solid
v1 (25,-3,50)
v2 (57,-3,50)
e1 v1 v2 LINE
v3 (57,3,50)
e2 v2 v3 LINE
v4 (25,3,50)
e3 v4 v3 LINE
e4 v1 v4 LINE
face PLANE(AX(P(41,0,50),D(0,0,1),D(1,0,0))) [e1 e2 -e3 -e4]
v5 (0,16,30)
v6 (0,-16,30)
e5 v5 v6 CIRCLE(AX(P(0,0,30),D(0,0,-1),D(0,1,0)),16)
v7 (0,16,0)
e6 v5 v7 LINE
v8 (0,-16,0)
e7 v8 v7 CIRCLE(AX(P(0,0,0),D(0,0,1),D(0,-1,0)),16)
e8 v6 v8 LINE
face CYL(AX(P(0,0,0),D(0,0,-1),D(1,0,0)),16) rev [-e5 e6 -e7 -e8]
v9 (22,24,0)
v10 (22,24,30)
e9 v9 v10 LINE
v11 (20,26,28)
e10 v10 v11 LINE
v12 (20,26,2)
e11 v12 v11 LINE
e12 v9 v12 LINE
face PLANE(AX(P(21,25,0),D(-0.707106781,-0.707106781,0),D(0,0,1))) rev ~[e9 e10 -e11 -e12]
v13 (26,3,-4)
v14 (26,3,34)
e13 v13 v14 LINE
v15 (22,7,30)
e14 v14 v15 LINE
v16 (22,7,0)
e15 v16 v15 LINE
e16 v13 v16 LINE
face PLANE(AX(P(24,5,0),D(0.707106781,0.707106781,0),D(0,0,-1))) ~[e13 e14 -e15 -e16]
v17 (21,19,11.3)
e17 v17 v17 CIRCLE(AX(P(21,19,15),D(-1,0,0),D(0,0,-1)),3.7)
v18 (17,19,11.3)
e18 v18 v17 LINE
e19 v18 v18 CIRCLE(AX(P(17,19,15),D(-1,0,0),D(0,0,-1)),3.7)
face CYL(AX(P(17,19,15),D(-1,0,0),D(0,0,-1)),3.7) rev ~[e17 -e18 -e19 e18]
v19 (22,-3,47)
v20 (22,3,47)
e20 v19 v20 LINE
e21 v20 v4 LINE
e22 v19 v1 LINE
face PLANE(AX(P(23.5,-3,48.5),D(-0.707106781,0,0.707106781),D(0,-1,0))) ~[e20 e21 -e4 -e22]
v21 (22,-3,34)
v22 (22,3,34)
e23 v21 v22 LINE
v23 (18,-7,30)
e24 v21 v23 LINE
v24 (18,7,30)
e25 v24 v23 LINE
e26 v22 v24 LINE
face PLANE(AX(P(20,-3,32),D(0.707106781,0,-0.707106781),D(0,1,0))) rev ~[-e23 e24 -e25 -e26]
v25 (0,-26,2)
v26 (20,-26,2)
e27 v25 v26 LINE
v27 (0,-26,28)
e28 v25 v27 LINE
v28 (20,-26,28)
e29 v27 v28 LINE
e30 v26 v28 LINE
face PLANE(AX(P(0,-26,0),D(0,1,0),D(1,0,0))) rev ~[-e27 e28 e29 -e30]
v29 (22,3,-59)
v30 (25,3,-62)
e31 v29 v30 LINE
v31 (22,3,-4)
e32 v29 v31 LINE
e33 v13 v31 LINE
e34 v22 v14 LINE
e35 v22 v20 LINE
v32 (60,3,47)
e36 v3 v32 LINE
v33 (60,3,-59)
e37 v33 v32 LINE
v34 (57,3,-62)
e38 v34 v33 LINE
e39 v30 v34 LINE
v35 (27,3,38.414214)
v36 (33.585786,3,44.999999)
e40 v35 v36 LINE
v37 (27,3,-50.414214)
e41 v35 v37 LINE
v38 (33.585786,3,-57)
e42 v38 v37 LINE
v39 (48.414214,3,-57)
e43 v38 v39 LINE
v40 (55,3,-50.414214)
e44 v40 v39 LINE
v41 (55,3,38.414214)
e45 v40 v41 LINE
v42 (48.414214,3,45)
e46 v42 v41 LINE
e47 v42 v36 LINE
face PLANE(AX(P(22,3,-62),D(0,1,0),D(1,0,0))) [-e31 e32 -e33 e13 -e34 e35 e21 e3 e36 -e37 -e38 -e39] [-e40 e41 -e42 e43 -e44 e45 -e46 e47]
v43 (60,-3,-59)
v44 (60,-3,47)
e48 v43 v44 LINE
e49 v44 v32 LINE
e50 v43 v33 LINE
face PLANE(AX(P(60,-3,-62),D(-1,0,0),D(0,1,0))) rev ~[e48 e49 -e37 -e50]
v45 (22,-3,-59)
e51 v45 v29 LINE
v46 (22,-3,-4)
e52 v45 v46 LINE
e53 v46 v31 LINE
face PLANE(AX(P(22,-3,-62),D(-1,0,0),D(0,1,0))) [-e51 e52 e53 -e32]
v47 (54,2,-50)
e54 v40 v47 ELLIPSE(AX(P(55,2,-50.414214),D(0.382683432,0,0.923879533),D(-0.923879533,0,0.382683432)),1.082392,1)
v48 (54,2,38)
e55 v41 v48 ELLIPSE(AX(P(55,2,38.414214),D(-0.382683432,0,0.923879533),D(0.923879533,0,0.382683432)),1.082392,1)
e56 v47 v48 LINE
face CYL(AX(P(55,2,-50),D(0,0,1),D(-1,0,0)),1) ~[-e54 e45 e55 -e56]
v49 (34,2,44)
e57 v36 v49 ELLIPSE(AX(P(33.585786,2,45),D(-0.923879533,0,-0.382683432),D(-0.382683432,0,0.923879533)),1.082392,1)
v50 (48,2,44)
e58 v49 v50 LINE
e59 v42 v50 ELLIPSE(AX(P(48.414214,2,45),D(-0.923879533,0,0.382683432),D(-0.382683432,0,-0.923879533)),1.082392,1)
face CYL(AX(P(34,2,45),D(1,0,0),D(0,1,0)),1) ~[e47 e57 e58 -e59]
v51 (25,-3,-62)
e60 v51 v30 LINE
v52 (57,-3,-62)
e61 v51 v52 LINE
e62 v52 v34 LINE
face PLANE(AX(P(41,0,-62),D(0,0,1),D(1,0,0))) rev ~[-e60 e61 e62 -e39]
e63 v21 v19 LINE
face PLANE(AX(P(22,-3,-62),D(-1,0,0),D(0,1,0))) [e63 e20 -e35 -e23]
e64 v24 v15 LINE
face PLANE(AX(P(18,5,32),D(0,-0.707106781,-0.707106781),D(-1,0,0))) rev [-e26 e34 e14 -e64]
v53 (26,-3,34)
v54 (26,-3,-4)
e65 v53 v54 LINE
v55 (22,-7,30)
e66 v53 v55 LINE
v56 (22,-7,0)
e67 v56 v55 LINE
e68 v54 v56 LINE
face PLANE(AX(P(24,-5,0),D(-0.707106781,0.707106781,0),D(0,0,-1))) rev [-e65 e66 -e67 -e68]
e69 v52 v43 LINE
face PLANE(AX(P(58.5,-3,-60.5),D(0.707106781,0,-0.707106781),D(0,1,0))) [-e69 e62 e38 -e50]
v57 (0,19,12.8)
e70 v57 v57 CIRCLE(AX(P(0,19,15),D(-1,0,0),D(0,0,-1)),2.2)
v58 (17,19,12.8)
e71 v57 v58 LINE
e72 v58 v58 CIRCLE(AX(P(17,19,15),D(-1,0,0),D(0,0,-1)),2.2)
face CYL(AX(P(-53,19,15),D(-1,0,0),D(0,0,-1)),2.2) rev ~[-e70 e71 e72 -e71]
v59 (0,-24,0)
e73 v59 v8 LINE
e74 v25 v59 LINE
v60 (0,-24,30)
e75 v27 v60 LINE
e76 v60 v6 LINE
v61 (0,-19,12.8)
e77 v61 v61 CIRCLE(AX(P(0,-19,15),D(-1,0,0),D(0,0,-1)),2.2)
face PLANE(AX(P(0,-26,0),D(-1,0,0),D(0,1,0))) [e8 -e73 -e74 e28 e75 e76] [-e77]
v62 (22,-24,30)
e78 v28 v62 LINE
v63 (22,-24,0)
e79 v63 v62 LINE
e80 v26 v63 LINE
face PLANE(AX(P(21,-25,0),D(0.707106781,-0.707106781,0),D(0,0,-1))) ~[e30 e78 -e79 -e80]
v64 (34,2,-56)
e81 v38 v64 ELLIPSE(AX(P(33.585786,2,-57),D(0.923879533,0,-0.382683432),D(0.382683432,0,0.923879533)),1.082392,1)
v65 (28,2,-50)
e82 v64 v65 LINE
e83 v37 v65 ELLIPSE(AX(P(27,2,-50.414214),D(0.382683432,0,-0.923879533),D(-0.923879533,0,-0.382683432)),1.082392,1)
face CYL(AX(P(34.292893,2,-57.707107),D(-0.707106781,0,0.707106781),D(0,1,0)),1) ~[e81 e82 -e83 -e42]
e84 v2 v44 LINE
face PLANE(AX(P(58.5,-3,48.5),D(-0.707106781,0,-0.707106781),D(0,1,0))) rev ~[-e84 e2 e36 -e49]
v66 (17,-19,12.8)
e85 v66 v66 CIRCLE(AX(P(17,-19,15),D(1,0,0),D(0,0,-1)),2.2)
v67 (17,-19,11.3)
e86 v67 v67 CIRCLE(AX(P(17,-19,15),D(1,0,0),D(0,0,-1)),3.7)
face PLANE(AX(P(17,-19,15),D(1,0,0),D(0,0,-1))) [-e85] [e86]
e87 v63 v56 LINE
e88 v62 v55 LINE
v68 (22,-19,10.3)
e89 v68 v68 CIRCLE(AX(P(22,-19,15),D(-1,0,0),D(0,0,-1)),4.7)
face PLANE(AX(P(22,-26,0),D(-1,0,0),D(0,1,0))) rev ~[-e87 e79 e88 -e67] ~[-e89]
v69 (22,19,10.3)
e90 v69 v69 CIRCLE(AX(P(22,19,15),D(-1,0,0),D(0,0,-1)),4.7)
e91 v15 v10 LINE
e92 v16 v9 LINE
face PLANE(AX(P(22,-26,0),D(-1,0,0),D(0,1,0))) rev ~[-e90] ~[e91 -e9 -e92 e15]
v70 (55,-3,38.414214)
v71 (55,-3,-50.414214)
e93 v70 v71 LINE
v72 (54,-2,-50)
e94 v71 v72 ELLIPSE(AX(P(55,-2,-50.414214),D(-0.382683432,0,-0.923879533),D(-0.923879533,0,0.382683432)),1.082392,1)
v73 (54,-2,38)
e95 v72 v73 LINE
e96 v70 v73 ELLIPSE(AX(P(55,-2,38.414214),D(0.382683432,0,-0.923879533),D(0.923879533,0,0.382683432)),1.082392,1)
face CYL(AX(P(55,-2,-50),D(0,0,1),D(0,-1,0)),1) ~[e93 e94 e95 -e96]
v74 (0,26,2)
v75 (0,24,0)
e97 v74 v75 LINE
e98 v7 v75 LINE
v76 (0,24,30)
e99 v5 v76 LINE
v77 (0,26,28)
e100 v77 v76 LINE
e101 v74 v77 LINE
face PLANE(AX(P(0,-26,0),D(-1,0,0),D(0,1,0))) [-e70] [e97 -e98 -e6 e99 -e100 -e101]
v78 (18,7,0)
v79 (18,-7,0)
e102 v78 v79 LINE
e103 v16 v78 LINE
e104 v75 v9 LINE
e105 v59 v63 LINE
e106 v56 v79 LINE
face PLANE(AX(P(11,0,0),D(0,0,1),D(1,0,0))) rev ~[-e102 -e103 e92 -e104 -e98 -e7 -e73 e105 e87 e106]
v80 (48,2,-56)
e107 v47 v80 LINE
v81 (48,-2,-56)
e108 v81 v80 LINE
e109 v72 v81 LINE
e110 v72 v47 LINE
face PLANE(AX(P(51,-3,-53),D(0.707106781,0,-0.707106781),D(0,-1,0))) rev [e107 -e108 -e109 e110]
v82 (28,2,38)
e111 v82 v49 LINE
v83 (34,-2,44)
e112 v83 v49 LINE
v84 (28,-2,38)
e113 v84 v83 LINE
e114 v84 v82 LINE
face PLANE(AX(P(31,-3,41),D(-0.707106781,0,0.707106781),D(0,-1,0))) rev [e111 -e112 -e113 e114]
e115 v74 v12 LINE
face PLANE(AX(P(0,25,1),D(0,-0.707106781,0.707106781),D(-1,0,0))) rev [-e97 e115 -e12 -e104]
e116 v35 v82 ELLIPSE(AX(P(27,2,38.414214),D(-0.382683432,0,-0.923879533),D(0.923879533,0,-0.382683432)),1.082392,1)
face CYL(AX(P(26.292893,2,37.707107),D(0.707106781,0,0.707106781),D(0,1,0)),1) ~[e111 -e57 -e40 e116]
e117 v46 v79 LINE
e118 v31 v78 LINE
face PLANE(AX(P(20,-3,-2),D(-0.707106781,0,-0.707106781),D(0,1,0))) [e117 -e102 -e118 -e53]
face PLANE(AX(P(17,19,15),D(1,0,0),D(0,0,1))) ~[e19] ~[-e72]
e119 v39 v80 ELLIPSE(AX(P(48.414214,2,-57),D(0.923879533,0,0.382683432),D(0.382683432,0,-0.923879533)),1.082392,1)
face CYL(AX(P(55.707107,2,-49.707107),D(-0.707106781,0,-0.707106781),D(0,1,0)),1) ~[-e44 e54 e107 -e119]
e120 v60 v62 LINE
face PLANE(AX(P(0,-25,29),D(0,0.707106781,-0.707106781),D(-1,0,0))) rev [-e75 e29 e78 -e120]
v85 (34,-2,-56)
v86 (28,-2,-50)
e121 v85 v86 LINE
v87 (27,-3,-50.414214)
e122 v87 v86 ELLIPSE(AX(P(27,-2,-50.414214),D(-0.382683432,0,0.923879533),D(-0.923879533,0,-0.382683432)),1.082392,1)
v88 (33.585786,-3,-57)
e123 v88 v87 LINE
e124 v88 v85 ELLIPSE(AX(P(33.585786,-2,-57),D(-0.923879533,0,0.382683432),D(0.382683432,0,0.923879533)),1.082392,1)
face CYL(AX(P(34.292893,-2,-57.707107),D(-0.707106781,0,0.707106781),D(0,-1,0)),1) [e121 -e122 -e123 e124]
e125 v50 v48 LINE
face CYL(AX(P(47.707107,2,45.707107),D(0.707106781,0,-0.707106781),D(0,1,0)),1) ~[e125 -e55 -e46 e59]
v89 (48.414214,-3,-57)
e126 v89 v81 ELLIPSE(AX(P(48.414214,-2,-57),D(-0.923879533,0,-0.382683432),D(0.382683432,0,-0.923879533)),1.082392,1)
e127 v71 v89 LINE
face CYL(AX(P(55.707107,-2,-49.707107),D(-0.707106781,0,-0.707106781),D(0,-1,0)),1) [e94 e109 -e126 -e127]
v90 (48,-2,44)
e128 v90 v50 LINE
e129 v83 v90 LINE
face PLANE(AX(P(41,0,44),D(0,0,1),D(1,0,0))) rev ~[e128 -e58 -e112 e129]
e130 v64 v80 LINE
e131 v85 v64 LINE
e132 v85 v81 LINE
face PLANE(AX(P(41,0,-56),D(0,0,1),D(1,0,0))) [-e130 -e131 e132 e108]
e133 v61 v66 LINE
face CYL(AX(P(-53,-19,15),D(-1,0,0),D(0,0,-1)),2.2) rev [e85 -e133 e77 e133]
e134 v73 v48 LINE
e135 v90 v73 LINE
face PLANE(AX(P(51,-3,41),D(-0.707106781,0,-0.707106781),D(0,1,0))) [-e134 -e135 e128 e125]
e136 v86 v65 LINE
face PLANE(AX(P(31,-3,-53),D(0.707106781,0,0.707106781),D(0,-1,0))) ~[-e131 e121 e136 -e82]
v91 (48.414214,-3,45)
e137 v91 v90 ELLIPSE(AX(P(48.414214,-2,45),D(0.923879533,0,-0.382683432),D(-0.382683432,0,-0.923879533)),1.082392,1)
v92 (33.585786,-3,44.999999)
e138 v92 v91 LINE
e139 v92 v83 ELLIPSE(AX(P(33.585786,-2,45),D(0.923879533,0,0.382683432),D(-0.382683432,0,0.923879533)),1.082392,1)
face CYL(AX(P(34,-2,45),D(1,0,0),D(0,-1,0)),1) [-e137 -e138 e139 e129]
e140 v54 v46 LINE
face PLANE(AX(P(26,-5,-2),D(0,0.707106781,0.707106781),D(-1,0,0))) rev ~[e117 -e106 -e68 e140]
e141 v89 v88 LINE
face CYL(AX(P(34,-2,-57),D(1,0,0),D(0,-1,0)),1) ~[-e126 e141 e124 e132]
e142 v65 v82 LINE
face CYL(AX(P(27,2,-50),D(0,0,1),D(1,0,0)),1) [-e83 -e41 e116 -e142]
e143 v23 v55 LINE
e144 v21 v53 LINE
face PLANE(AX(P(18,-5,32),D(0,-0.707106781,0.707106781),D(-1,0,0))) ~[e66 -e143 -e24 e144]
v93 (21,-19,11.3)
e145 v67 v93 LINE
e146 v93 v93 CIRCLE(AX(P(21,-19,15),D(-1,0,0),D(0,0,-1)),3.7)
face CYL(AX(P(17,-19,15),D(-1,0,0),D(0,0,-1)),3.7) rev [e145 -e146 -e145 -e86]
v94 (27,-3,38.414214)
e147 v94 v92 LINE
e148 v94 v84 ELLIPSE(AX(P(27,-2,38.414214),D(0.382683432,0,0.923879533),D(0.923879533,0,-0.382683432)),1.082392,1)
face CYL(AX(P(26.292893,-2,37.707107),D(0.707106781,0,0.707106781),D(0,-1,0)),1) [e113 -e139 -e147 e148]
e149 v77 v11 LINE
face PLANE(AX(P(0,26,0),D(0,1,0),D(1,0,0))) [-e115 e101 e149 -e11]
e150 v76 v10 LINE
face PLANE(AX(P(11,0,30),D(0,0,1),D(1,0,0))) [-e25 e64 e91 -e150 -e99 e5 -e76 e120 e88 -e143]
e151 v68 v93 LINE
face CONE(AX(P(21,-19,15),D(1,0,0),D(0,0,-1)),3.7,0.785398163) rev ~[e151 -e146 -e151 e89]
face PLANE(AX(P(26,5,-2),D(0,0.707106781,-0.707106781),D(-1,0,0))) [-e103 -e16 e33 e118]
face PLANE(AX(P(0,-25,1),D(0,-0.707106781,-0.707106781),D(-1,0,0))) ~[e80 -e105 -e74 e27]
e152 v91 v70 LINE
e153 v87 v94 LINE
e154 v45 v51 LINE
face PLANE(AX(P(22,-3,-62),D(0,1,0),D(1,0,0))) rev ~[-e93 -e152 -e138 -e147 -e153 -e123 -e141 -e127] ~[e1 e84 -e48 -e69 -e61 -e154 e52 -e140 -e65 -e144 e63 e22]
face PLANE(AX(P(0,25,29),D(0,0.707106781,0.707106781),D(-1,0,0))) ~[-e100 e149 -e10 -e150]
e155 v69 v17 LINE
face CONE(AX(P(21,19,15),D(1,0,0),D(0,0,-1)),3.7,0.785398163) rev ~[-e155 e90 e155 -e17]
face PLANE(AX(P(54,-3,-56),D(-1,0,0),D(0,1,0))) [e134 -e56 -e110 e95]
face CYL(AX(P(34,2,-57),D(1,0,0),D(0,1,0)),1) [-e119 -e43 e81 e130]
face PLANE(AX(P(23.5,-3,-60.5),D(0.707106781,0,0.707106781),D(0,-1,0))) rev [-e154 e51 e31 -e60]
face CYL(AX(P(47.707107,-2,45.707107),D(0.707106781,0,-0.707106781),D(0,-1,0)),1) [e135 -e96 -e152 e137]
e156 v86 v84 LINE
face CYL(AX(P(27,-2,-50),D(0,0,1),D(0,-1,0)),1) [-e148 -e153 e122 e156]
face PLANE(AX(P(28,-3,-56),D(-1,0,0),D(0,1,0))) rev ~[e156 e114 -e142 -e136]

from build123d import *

# Parameters (mm, degrees)
CYLINDER003_R     = 3.7
CYLINDER003_DEPTH = 6
CYLINDER002_R     = 2.2
CYLINDER002_DEPTH = 70
CYLINDER_R        = 16
CYLINDER_DEPTH    = 100
BOX002_W          = 26
BOX002_H          = 6
BOX002_DEPTH      = 100
BOX001_W          = 38
BOX001_H          = 6
BOX001_DEPTH      = 112
CHAMFER_SIZE      = 3
CHAMFER001_SIZE   = 6
FILLET_R          = 1
FILLET001_R       = 1
FILLET002_R       = 1
BOX_W             = 22
BOX_H             = 52
BOX_DEPTH         = 30
CHAMFER002_SIZE   = 2
CHAMFER003_SIZE   = 4
CHAMFER004_SIZE   = 4
CHAMFER005_SIZE   = 4
CHAMFER006_SIZE   = 1


with BuildPart() as cylinder002:
    # Cylinder003 → Cylinder003 (new body)
    with BuildSketch(Plane(origin=(70, 0, 0), x_dir=(0, 0, -1), z_dir=(1, 0, 0))):
        Circle(CYLINDER003_R)
    extrude(amount=CYLINDER003_DEPTH)


with BuildPart() as tornillom4:
    # Cylinder002 → Cylinder002 (new body)
    with BuildSketch(Plane(origin=(0, 0, 0), x_dir=(0, 0, -1), z_dir=(1, 0, 0))):
        Circle(CYLINDER002_R)
    extrude(amount=CYLINDER002_DEPTH)

    # Fusion004: union Cylinder002
    add(cylinder002.part)


with BuildPart() as tornillom4_1:
    # Fusion004 placement: moved
    add(tornillom4.part.moved(Location((-53, -19, 15))))


with BuildPart() as tornillos:
    # Part__Mirroring: instance of tornilloM4
    add(tornillom4_1.part.mirror(Plane(origin=(0, 0, 0), x_dir=(1, 0, 0), z_dir=(0, 1, 0))))

    # Fusion007: union tornilloM4
    add(tornillom4_1.part)


with BuildPart() as barra:
    # Cylinder → Cylinder (new body)
    with BuildSketch(Plane.XY):
        Circle(CYLINDER_R)
    extrude(amount=CYLINDER_DEPTH)


with BuildPart() as cube002:
    # Box002 → Box002 (new body)
    with BuildSketch(Plane(origin=(28, -3, -56), x_dir=(1, 0, 0), z_dir=(0, 0, 1))):
        with Locations((13, 3)):
            Rectangle(BOX002_W, BOX002_H)
    extrude(amount=BOX002_DEPTH)


with BuildPart() as fillet002:
    # Box001 → Box001 (new body)
    with BuildSketch(Plane(origin=(22, -3, -62), x_dir=(1, 0, 0), z_dir=(0, 0, 1))):
        with Locations((19, 3)):
            Rectangle(BOX001_W, BOX001_H)
    extrude(amount=BOX001_DEPTH)

    # Cut: cut Cube002
    add(cube002.part, mode=Mode.SUBTRACT)

    # Chamfer
    chamfer_edges = [fillet002.edges().sort_by_distance(p)[0] for p in [
        (22, 0, 50),
        (22, 0, -62),
        (60, 0, 50),
        (60, 0, -62),
    ]]
    chamfer(chamfer_edges, length=CHAMFER_SIZE)

    # Chamfer001
    chamfer001_edges = [fillet002.edges().sort_by_distance(p)[0] for p in [
        (54, 0, 44),
        (54, 0, -56),
        (28, 0, -56),
        (28, 0, 44),
    ]]
    chamfer(chamfer001_edges, length=CHAMFER001_SIZE)

    # Fillet
    fillet_edges = [fillet002.edges().sort_by_distance(p)[0] for p in [
        (54, -3, -6),
        (28, -3, -6),
        (54, 3, -6),
        (28, 3, -6),
    ]]
    fillet(fillet_edges, radius=FILLET_R)

    # Fillet001
    fillet001_edges = [fillet002.edges().sort_by_distance(p)[0] for p in [
        (41, -3, -56),
        (41, -3, 44),
        (41, 3, -56),
        (41, 3, 44),
    ]]
    fillet(fillet001_edges, radius=FILLET001_R)

    # Fillet002
    fillet002_edges = [fillet002.edges().sort_by_distance(p)[0] for p in [
        (31, -3, -53),
        (51, -3, -53),
        (31, -3, 41),
        (51, -3, 41),
        (31, 3, -53),
        (51, 3, -53),
        (31, 3, 41),
        (51, 3, 41),
    ]]
    fillet(fillet002_edges, radius=FILLET002_R)


with BuildPart() as guia_final:
    # Box → Box (new body)
    with BuildSketch(Plane(origin=(0, -26, 0), x_dir=(1, 0, 0), z_dir=(0, 0, 1))):
        with Locations((11, 26)):
            Rectangle(BOX_W, BOX_H)
    extrude(amount=BOX_DEPTH)

    # Chamfer002
    chamfer002_edges = [guia_final.edges().sort_by_distance(p)[0] for p in [
        (22, -26, 15),
        (22, 26, 15),
        (11, -26, 0),
        (11, -26, 30),
        (11, 26, 0),
        (11, 26, 30),
    ]]
    chamfer(chamfer002_edges, length=CHAMFER002_SIZE)

    # Fusion: union Fillet002
    add(fillet002.part)

    # Chamfer003
    chamfer003_edges = [guia_final.edges().sort_by_distance(p)[0] for p in [
        (22, -3, 15),
        (22, 3, 15),
    ]]
    chamfer(chamfer003_edges, length=CHAMFER003_SIZE)

    # Chamfer004
    chamfer004_edges = [guia_final.edges().sort_by_distance(p)[0] for p in [
        (22, 0, 0),
        (22, 0, 30),
    ]]
    chamfer(chamfer004_edges, length=CHAMFER004_SIZE)

    # Chamfer005
    chamfer005_edges = [guia_final.edges().sort_by_distance(p)[0] for p in [
        (20, -3, 0),
        (24, -3, 0),
        (20, 3, 0),
        (24, 3, 0),
        (24, -3, 30),
        (20, -3, 30),
        (24, 3, 30),
        (20, 3, 30),
    ]]
    chamfer(chamfer005_edges, length=CHAMFER005_SIZE)

    # Cut001: cut barra
    add(barra.part, mode=Mode.SUBTRACT)

    # Cut002: cut tornillos
    add(tornillos.part, mode=Mode.SUBTRACT)

    # Chamfer006
    chamfer006_edges = [guia_final.edges().sort_by_distance(p)[0] for p in [
        (22, -19, 18.7),
        (22, 19, 18.7),
    ]]
    chamfer(chamfer006_edges, length=CHAMFER006_SIZE)


solid = guia_final.part
